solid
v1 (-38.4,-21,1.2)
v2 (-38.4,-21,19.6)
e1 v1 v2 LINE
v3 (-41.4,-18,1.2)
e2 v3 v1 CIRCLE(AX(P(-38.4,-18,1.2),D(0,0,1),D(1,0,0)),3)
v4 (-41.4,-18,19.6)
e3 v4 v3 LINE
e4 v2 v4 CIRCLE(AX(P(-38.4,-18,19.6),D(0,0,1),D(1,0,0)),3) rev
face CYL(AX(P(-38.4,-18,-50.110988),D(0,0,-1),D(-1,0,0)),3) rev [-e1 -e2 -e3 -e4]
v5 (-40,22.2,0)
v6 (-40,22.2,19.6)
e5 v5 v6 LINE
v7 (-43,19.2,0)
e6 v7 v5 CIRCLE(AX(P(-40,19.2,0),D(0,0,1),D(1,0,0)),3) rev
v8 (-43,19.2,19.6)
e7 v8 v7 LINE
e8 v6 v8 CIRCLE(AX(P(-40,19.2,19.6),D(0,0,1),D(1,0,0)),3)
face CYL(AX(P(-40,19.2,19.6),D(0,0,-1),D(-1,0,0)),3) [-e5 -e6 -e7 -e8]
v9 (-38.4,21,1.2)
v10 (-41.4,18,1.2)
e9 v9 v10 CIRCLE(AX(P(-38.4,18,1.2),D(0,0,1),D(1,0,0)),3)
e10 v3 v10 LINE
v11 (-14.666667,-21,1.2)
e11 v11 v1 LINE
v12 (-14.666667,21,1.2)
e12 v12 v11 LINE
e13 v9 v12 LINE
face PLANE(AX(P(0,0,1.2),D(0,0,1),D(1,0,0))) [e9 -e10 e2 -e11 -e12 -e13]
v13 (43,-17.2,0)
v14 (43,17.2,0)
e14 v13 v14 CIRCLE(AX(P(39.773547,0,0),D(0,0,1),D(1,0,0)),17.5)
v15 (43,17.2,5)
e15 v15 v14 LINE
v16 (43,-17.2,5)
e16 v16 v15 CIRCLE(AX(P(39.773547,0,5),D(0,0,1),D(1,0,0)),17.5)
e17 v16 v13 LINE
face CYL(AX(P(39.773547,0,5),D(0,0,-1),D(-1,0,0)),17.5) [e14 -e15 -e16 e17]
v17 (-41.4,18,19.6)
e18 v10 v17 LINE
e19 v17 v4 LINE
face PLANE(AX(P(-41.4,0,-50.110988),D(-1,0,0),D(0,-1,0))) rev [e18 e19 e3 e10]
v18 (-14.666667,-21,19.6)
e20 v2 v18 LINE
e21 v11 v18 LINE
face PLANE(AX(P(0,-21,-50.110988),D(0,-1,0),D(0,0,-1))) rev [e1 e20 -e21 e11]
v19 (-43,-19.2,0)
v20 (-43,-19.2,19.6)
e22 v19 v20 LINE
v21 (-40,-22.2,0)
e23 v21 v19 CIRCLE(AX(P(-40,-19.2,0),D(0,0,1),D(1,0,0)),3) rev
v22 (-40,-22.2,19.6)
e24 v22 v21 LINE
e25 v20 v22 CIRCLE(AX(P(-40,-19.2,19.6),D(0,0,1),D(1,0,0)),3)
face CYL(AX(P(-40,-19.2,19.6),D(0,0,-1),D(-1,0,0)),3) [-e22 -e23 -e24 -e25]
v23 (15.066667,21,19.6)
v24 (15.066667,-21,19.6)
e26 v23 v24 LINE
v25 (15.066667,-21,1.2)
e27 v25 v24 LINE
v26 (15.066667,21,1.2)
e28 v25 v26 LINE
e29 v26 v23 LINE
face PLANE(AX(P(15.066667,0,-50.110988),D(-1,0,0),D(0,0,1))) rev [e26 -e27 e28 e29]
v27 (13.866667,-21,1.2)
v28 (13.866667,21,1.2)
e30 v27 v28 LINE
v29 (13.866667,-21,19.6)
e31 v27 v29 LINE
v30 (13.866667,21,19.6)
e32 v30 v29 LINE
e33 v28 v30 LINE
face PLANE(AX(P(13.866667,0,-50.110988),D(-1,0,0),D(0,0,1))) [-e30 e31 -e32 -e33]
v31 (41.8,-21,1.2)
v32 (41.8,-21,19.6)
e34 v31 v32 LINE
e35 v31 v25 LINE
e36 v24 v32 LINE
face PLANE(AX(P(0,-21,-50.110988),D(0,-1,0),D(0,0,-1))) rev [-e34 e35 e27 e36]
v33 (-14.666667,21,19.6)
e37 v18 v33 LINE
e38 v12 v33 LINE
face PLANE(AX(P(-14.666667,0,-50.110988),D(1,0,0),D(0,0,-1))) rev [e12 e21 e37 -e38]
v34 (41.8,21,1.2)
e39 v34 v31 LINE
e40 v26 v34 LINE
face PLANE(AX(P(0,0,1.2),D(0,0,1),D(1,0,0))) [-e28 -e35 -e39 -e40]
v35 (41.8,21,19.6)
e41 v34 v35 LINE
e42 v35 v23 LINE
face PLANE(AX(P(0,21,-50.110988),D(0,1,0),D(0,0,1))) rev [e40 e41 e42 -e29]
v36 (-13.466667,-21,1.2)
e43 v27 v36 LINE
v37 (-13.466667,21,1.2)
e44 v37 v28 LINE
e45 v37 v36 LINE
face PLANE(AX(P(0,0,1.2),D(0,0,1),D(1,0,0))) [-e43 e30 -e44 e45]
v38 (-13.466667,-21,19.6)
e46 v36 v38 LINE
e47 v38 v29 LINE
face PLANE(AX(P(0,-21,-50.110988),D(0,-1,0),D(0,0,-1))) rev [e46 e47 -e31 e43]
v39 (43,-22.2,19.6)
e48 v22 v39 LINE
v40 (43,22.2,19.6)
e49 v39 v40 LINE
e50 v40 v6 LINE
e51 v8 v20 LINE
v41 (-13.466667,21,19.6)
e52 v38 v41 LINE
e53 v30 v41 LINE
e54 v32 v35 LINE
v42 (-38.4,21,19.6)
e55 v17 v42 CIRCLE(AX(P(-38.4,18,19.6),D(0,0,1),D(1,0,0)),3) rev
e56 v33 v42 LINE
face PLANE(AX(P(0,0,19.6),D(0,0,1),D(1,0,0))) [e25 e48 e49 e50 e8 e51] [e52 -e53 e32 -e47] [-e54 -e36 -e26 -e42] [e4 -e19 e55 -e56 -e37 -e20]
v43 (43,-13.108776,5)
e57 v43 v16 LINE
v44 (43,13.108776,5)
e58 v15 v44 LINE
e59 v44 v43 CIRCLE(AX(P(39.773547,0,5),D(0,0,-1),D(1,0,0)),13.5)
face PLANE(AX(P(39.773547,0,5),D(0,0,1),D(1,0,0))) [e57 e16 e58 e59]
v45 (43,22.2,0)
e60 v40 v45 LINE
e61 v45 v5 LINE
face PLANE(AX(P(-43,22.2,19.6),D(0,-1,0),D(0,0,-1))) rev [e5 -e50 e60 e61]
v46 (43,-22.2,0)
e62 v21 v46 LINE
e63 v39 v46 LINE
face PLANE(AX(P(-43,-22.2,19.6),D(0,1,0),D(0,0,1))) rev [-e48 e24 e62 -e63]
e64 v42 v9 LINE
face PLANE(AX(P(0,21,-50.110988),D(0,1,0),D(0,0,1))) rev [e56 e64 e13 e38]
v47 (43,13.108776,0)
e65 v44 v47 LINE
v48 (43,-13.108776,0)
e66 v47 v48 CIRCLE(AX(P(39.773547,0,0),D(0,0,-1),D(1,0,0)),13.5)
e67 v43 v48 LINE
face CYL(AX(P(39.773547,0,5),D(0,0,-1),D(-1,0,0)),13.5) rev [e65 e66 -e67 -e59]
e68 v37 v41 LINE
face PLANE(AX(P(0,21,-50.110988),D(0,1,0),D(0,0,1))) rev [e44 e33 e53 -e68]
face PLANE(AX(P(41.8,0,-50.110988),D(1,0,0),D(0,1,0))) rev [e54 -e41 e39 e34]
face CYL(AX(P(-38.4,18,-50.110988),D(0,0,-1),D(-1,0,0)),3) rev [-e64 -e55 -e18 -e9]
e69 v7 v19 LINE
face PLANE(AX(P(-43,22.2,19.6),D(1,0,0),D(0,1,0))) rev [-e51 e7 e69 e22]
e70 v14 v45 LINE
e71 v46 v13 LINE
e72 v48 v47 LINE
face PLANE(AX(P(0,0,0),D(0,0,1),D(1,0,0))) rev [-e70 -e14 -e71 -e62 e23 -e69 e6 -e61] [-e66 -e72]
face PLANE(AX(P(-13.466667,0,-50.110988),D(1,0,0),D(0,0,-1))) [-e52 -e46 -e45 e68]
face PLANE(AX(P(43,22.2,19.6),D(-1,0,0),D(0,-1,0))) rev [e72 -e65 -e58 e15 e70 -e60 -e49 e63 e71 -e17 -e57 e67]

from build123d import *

# Parameters (mm, degrees)
SKETCH_1_W          = 86
SKETCH_1_H          = 44.4
EXTRUDE_1_DEPTH     = 19.6
EXTRUDE_2_DEPTH     = 5
SKETCH_3_W          = 26.733333333
SKETCH_3_H          = 42
SKETCH_3_W_2        = 27.333333334
CUT_EXTRUDE_1_DEPTH = 18.4
FILLET_1_R          = 3


with BuildPart() as part:
    # Эскиз1 → Бобышка-Вытянуть1 (new body)
    with BuildSketch(Plane.XY):
        Rectangle(SKETCH_1_W, SKETCH_1_H)
    extrude(amount=EXTRUDE_1_DEPTH)

    # Эскиз2 → Бобышка-Вытянуть2 (add)
    with BuildSketch(Plane.XY):
        with BuildLine():
            Line((43, 17.2), (43, 13.108775687))
            ThreePointArc((43, 13.108775687), (53.273546839, 0), (43, -13.108775687))
            Line((43, -13.108775687), (43, -17.2))
            ThreePointArc((43, -17.2), (57.273546839, 0), (43, 17.2))
        make_face()
    extrude(amount=EXTRUDE_2_DEPTH)

    # Эскиз3 → Вырез-Вытянуть1 (cut)
    with BuildSketch(Plane.XY.offset(19.6)):
        with Locations((-28.033333334, 0)):
            Rectangle(SKETCH_3_W, SKETCH_3_H)
        with Locations((0.2, 0)):
            Rectangle(SKETCH_3_W_2, SKETCH_3_H)
        with Locations((28.433333334, 0)):
            Rectangle(SKETCH_3_W, SKETCH_3_H)
    extrude(amount=-CUT_EXTRUDE_1_DEPTH, mode=Mode.SUBTRACT)

    # Скругление1
    fillet_1_edges = [part.edges().sort_by_distance(p)[0] for p in [
        (-41.4, 21, 10.4),
        (-41.4, -21, 10.4),
        (-43, -22.2, 9.8),
        (-43, 22.2, 9.8),
    ]]
    fillet(fillet_1_edges, radius=FILLET_1_R)


solid = part.part
